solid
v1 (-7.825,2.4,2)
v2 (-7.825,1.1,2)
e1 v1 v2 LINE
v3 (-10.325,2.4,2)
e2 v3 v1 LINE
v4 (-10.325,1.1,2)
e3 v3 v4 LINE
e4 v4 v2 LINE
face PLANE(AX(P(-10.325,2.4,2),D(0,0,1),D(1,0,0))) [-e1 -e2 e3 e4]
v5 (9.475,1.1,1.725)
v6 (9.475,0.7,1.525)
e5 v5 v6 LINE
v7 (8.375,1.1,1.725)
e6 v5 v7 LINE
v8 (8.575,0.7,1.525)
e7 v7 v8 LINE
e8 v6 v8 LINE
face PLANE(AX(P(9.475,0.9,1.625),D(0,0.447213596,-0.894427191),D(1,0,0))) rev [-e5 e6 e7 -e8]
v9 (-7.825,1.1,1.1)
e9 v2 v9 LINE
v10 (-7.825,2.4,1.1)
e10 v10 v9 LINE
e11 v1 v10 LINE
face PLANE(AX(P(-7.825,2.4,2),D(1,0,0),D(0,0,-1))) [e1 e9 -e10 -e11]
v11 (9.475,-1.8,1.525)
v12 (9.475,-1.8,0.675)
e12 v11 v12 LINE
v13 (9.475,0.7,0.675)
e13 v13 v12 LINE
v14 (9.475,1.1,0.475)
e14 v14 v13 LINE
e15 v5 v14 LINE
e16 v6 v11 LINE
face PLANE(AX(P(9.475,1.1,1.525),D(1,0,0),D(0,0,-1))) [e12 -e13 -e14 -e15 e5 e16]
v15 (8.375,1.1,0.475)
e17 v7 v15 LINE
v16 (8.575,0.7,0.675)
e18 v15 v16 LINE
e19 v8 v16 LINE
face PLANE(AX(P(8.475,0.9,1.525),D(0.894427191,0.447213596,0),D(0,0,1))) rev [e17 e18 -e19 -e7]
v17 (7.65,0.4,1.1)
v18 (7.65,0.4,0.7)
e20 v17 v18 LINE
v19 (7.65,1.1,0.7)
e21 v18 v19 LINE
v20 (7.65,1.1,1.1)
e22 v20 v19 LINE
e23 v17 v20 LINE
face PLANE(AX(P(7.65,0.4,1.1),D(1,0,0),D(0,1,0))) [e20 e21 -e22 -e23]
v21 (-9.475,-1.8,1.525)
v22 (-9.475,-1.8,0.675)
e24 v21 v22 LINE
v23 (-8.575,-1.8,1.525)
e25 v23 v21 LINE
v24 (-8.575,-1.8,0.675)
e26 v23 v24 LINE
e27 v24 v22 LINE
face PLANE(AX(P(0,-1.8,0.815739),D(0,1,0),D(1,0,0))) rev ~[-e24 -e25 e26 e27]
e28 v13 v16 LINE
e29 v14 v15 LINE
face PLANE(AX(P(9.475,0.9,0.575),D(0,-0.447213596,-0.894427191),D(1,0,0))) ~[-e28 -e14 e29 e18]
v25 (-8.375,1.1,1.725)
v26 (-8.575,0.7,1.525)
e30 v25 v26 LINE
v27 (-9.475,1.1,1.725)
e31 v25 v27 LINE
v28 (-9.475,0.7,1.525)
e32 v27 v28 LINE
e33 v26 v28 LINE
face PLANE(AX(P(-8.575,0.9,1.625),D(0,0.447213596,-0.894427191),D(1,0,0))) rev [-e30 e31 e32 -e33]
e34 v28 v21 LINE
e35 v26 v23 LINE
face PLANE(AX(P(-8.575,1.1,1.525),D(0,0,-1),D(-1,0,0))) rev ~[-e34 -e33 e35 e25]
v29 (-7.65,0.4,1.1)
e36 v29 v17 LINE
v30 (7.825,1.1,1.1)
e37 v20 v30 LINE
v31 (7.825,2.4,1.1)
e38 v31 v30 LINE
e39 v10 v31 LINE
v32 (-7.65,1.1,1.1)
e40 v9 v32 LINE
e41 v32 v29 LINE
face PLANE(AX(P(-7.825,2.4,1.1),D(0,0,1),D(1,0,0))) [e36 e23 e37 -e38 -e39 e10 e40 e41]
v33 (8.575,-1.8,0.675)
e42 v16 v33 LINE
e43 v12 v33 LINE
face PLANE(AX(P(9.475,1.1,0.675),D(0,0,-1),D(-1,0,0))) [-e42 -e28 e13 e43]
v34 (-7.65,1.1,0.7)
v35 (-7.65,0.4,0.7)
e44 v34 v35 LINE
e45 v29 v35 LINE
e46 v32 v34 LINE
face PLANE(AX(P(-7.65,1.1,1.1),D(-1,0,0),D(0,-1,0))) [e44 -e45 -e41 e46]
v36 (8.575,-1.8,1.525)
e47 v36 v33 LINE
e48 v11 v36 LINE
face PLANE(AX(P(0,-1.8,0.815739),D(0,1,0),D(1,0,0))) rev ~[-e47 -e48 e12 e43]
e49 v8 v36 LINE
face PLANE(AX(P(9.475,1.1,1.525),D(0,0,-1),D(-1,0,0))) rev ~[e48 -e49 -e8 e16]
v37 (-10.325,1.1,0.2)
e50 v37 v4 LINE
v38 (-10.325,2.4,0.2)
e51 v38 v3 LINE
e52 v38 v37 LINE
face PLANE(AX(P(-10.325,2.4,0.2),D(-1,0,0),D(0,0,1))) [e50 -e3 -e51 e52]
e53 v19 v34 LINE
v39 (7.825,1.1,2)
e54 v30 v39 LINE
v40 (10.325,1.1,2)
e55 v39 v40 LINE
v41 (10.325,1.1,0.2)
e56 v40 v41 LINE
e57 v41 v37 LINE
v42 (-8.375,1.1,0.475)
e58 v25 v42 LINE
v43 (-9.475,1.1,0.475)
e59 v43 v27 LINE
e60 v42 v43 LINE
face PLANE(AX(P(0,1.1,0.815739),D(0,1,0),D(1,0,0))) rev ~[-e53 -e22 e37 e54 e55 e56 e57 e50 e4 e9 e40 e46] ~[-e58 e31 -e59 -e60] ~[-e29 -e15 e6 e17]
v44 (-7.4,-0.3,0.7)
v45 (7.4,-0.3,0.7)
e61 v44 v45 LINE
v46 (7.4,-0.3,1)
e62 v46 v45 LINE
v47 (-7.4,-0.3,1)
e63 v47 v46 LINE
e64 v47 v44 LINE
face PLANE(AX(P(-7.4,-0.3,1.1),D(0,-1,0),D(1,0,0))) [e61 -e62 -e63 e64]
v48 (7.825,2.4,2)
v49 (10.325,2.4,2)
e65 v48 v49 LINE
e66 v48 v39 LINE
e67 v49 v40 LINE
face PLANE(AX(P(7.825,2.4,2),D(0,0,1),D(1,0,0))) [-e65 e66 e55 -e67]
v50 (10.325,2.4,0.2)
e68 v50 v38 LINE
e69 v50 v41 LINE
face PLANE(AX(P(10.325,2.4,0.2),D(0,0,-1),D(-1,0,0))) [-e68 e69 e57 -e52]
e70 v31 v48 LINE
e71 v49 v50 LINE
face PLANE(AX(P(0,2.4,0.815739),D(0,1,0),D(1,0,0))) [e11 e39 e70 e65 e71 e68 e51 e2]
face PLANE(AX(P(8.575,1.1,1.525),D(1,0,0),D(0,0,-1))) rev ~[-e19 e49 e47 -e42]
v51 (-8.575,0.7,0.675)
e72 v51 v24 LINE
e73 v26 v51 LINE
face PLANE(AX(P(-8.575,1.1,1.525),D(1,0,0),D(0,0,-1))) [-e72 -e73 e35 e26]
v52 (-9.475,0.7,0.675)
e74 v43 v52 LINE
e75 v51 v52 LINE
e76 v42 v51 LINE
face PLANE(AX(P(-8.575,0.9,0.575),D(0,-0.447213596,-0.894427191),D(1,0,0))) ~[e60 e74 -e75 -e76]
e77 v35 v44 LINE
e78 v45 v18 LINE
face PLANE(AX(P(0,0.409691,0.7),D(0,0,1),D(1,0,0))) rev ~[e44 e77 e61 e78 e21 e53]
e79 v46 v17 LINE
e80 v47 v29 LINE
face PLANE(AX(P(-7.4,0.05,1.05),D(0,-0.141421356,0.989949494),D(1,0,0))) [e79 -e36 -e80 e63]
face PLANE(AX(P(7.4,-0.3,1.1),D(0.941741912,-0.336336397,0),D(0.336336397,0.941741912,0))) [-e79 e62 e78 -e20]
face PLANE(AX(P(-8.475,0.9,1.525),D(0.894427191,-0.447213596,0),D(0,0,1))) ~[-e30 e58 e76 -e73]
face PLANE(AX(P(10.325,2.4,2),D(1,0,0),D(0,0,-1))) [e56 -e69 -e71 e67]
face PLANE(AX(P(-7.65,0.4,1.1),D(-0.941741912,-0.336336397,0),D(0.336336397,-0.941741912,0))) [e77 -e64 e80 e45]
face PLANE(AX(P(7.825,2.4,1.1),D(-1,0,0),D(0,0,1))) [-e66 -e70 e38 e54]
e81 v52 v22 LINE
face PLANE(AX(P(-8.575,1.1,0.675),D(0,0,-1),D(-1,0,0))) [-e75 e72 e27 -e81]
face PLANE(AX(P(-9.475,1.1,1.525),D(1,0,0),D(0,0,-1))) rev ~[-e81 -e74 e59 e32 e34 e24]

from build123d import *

# Parameters (mm, degrees)
PAD011_DEPTH              = 0.4
CHAMFER001_SIZE2          = 0.7
CHAMFER001_SIZE           = 0.1
SKETCH012_W               = 0.9
SKETCH012_H               = 0.85
PAD012_DEPTH              = 3
PAD010_DEPTH              = 4.2
CHAMFER_SIZE2             = 0.4
CHAMFER_SIZE              = 0.2
FUSION001_PLACEMENT_ANGLE = 180


with BuildPart() as chamfer001:
    # Sketch011 → Pad011 (new body)
    with BuildSketch(Plane.XY.offset(0.9)):
        Polygon((-7.65, 0), (7.65, 0), (7.65, -0.7), (7.4, -1.4), (-7.4, -1.4), (-7.65, -0.7), align=None)
    extrude(amount=PAD011_DEPTH)

    # Chamfer001
    chamfer001_edges = [chamfer001.edges().sort_by_distance(p)[0] for p in [
        (0, -1.4, 0.9),
    ]]
    chamfer001_side = chamfer001.faces().sort_by_distance((0, -1.4, 1.1))[0]
    chamfer(chamfer001_edges, length=CHAMFER001_SIZE, length2=CHAMFER001_SIZE2, reference=chamfer001_side)


with BuildPart() as body012:
    # Sketch012 → Pad012 (new body)
    with BuildSketch(Plane.XZ):
        Polygon((-10.325, 0), (-10.325, 1.8), (10.325, 1.8), (10.325, 0), (7.825, 0), (7.825, 0.9), (-7.825, 0.9), (-7.825, 0), align=None)
        with Locations((-9.025, 0.9)):
            Rectangle(SKETCH012_W, SKETCH012_H, mode=Mode.SUBTRACT)
        with Locations((9.025, 0.9)):
            Rectangle(SKETCH012_W, SKETCH012_H, mode=Mode.SUBTRACT)
    extrude(amount=PAD012_DEPTH)


with BuildPart() as fusion001:
    # Sketch010 → Pad010 (new body)
    with BuildSketch(Plane.XZ.offset(-1.3)):
        Polygon((-10.325, 0), (-10.325, 1.8), (10.325, 1.8), (10.325, 0), (7.825, 0), (7.825, 0.9), (-7.825, 0.9), (-7.825, 0), align=None)
    extrude(amount=PAD010_DEPTH)

    # Cut002: cut Body012
    add(body012.part, mode=Mode.SUBTRACT)

    # Chamfer
    chamfer_edges = [fusion001.edges().sort_by_distance(p)[0] for p in [
        (8.575, 0, 0.9),
        (9.025, 0, 0.475),
        (9.025, 0, 1.325),
        (-9.025, 0, 0.475),
        (-9.025, 0, 1.325),
        (-8.575, 0, 0.9),
    ]]
    chamfer_side = fusion001.faces().sort_by_distance((0, 0, 1.19405))[0]
    chamfer(chamfer_edges, length=CHAMFER_SIZE, length2=CHAMFER_SIZE2, reference=chamfer_side)

    # Fusion001: union Chamfer001
    add(chamfer001.part)


with BuildPart() as fusion001_1:
    # Fusion001 placement: moved
    add(fusion001.part.moved(Location((0, 1.1, 2))).rotate(Axis((0, 1.1, 2), (0, 1, 0)), FUSION001_PLACEMENT_ANGLE))


solid = fusion001_1.part
